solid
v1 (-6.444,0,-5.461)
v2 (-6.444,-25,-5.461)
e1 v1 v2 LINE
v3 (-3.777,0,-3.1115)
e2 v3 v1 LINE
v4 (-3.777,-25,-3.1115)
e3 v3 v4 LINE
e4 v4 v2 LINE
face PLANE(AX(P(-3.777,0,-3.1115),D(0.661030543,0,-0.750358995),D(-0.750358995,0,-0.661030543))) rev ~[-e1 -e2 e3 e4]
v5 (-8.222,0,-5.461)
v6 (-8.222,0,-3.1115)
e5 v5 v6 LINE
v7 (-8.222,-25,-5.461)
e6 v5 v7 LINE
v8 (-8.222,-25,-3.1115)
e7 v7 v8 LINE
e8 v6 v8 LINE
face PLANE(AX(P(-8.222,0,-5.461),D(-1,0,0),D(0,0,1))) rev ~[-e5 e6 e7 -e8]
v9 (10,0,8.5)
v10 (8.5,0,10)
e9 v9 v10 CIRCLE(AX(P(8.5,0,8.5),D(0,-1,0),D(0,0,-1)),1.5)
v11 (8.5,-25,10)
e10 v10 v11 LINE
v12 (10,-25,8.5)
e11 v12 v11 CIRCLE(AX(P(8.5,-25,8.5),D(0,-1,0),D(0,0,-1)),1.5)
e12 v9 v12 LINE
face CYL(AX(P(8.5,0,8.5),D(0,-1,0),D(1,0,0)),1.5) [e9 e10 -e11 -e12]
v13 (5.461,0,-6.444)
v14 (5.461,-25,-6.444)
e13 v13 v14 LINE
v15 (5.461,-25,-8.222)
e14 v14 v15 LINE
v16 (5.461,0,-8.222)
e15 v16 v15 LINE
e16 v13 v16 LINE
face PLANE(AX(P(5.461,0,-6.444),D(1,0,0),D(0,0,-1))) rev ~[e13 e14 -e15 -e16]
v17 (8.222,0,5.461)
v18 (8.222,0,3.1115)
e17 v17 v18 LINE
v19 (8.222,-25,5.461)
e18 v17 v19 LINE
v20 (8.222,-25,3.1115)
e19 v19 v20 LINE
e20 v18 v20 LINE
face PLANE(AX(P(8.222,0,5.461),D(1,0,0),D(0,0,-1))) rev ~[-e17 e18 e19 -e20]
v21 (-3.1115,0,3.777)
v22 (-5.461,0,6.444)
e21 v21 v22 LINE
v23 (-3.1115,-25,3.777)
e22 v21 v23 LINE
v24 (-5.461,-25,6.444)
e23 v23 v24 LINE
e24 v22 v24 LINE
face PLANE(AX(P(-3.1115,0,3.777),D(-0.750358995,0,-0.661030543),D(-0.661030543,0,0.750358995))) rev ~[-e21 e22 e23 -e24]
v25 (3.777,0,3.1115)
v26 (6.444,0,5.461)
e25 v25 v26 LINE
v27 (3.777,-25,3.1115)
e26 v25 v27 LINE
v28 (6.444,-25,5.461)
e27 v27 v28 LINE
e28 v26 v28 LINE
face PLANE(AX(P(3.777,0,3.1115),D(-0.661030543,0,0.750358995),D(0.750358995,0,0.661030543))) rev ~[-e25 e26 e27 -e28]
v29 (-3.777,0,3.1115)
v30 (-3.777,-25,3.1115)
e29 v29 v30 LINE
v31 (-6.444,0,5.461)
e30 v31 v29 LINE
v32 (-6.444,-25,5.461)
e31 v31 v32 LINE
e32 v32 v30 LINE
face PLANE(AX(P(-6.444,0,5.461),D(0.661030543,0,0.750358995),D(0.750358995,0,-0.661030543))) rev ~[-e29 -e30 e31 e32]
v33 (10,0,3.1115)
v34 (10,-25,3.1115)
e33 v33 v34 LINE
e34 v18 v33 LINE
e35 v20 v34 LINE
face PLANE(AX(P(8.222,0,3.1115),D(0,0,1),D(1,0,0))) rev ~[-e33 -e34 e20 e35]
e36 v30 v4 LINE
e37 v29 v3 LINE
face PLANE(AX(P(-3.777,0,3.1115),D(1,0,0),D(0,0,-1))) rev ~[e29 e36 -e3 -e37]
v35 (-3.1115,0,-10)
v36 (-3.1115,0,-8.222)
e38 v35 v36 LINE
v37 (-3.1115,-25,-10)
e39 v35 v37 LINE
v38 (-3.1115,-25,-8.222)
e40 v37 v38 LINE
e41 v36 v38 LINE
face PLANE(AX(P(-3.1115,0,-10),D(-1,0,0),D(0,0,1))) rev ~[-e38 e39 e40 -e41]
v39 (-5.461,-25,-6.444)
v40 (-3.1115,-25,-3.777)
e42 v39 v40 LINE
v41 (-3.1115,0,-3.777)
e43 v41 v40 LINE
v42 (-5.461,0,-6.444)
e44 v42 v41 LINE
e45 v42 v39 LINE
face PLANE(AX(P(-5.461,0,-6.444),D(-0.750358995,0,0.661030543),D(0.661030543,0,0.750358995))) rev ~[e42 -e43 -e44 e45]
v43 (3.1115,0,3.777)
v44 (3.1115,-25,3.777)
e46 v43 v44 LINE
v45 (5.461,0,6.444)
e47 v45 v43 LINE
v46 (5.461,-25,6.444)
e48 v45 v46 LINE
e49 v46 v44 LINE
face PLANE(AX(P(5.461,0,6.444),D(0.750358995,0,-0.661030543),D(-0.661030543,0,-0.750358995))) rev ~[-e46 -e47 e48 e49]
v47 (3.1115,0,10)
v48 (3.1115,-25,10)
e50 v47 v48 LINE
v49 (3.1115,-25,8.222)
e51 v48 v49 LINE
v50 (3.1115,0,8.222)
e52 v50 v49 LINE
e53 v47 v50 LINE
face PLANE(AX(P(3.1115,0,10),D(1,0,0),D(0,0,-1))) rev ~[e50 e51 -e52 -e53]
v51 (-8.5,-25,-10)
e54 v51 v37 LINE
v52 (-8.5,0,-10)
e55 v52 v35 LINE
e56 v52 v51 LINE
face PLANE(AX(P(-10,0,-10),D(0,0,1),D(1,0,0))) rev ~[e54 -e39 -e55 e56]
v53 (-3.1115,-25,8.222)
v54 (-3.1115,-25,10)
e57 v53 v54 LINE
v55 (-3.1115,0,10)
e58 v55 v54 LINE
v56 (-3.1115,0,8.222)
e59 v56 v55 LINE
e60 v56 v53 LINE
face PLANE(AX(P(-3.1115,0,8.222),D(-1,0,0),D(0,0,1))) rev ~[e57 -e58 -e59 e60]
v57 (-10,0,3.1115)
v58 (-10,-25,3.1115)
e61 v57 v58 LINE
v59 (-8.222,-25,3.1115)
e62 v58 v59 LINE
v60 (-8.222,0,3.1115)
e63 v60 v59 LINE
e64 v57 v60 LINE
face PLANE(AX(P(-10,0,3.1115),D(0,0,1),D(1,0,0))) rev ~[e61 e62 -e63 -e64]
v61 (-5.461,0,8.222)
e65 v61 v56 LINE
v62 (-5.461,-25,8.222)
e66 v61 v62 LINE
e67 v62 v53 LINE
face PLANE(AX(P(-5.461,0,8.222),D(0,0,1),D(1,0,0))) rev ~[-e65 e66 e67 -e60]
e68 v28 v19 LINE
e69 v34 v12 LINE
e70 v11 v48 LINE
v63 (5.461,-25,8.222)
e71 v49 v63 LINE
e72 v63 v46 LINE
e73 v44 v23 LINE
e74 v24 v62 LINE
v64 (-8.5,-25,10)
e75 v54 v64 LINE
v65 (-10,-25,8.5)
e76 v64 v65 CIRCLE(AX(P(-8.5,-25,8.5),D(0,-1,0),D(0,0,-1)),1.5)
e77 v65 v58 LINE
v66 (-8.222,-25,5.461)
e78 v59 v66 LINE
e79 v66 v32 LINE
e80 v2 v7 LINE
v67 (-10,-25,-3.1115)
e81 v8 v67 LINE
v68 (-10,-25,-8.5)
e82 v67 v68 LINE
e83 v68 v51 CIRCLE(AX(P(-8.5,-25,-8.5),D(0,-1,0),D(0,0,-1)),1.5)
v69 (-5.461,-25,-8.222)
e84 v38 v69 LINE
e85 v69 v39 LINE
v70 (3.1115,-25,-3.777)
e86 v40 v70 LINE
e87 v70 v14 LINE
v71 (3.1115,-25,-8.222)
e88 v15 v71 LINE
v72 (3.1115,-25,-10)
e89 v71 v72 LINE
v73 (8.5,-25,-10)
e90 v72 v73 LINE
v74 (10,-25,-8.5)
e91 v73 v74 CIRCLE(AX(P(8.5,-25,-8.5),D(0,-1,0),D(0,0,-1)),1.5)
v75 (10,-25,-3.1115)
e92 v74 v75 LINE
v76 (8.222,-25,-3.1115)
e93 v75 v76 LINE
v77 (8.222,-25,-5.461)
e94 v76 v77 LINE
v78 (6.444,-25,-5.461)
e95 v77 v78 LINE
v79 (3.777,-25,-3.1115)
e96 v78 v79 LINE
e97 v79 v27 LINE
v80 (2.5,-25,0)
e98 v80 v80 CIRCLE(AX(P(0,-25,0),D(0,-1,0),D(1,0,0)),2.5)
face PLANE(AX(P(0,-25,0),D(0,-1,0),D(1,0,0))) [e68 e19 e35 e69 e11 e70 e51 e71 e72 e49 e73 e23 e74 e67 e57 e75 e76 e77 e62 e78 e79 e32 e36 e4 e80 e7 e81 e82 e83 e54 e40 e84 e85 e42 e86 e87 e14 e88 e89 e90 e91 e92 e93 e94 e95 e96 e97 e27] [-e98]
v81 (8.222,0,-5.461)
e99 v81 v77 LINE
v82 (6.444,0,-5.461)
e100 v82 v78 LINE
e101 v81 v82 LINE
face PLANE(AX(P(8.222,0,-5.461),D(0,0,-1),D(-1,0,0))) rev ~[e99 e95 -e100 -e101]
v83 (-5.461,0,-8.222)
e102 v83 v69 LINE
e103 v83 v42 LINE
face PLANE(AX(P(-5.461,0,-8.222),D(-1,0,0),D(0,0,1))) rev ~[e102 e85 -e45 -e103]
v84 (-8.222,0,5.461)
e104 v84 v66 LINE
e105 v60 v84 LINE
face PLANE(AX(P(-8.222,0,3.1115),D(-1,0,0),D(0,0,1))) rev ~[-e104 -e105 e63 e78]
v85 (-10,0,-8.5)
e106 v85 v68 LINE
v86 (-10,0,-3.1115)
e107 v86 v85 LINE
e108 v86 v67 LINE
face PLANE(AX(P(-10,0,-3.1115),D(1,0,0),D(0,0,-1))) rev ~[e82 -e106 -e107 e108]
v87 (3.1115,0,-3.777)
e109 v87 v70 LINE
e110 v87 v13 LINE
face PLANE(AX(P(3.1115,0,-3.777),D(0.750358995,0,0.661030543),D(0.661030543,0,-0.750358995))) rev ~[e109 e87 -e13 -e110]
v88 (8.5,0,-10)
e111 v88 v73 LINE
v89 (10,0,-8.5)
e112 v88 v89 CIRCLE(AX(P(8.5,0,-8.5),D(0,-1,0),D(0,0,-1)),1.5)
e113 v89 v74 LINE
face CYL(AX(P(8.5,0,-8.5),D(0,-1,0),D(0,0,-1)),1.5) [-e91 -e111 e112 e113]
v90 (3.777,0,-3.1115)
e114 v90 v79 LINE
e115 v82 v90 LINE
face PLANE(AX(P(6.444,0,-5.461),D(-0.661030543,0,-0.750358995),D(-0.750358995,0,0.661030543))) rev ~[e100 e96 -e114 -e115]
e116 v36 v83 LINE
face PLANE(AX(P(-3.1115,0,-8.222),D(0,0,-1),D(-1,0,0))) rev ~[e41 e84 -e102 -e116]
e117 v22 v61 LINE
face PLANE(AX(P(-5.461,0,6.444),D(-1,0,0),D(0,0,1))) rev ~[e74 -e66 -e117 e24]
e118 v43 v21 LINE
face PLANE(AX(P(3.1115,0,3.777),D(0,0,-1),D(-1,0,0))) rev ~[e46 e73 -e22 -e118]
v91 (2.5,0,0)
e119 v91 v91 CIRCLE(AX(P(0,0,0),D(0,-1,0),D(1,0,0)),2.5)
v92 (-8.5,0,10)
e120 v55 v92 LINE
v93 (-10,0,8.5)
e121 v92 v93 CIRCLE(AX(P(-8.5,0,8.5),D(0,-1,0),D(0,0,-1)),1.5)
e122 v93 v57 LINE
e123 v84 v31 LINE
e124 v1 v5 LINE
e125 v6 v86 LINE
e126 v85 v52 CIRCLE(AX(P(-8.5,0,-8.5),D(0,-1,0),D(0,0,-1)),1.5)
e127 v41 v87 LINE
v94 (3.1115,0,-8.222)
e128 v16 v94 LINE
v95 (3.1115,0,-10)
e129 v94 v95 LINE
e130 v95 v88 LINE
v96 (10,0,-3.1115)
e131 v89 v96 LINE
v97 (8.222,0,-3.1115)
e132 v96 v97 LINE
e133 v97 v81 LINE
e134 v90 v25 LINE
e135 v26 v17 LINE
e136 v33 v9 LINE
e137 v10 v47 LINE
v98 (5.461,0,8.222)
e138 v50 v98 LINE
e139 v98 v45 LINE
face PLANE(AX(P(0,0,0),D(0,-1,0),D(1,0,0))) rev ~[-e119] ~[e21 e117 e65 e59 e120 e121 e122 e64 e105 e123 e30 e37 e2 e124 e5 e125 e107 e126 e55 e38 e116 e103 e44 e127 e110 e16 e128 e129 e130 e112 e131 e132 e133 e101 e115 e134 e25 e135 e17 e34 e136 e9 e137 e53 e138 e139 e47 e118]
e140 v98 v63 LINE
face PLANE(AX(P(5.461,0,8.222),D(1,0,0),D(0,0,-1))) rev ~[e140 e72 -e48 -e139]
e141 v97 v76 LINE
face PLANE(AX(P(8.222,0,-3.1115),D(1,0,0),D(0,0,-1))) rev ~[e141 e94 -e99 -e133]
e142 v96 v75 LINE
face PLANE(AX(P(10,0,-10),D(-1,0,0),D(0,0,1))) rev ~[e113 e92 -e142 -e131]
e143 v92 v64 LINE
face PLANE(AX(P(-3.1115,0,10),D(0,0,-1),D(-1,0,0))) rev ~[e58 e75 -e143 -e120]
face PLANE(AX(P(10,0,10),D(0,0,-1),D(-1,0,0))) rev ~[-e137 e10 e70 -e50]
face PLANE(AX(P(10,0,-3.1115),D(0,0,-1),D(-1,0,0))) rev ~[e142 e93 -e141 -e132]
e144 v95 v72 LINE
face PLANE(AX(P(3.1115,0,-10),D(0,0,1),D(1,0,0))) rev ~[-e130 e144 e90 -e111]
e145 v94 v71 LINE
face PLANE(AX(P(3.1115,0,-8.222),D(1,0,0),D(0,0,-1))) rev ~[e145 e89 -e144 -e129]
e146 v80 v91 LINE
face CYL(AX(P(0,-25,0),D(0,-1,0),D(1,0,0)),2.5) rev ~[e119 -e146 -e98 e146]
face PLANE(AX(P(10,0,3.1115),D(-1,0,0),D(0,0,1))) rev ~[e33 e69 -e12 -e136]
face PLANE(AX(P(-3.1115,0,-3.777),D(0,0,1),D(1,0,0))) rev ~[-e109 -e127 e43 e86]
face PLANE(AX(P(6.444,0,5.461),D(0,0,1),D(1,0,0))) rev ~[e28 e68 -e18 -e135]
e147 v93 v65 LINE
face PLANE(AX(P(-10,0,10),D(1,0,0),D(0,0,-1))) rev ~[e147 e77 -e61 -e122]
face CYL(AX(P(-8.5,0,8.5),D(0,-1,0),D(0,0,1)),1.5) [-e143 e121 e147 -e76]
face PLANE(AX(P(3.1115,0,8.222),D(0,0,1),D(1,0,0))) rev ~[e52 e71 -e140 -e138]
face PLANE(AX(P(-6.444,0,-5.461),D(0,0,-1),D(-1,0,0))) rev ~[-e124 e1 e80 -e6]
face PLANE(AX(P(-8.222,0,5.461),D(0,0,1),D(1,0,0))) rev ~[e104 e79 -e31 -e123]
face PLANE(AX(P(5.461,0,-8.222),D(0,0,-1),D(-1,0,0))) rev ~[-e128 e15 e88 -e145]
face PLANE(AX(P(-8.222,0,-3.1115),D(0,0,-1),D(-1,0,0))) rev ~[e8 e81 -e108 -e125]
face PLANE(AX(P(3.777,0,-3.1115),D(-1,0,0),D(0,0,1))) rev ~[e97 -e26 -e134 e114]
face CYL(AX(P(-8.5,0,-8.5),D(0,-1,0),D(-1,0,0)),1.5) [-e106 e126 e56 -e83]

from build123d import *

# Parameters (mm, degrees)
F1_DEPTH = 25
F2_R     = 1.5
F3_R     = 2.5
F4_DEPTH = 25


with BuildPart() as f1:
    # F0 (on Front) → F1 (new body)
    with BuildSketch(Plane.XZ):
        Polygon((10, 3.1115), (10, 10), (3.1115, 10), (3.1115, 8.222), (5.461, 8.222), (5.461, 6.444), (3.1115, 3.777), (0, 3.777), (-3.1115, 3.777), (-5.461, 6.444), (-5.461, 8.222), (-3.1115, 8.222), (-3.1115, 10), (-10, 10), (-10, 3.1115), (-8.222, 3.1115), (-8.222, 5.461), (-6.444, 5.461), (-3.777, 3.1115), (-3.777, 0), (-3.777, -3.1115), (-6.444, -5.461), (-8.222, -5.461), (-8.222, -3.1115), (-10, -3.1115), (-10, -10), (-3.1115, -10), (-3.1115, -8.222), (-5.461, -8.222), (-5.461, -6.444), (-3.1115, -3.777), (0, -3.777), (3.1115, -3.777), (5.461, -6.444), (5.461, -8.222), (3.1115, -8.222), (3.1115, -10), (10, -10), (10, -3.1115), (8.222, -3.1115), (8.222, -5.461), (6.444, -5.461), (3.777, -3.1115), (3.777, 0), (3.777, 3.1115), (6.444, 5.461), (8.222, 5.461), (8.222, 3.1115), align=None)
    extrude(amount=F1_DEPTH)

    # F2
    f2_edges = [f1.edges().sort_by_distance(p)[0] for p in [
        (-10, -12.5, 10),
        (10, -12.5, 10),
        (10, -12.5, -10),
        (-10, -12.5, -10),
    ]]
    fillet(f2_edges, radius=F2_R)

    # F3 (on face) → F4 (cut, through all)
    with BuildSketch(Plane.XZ.offset(25)):
        Circle(F3_R)
    extrude(amount=-F4_DEPTH, mode=Mode.SUBTRACT)


solid = f1.part
